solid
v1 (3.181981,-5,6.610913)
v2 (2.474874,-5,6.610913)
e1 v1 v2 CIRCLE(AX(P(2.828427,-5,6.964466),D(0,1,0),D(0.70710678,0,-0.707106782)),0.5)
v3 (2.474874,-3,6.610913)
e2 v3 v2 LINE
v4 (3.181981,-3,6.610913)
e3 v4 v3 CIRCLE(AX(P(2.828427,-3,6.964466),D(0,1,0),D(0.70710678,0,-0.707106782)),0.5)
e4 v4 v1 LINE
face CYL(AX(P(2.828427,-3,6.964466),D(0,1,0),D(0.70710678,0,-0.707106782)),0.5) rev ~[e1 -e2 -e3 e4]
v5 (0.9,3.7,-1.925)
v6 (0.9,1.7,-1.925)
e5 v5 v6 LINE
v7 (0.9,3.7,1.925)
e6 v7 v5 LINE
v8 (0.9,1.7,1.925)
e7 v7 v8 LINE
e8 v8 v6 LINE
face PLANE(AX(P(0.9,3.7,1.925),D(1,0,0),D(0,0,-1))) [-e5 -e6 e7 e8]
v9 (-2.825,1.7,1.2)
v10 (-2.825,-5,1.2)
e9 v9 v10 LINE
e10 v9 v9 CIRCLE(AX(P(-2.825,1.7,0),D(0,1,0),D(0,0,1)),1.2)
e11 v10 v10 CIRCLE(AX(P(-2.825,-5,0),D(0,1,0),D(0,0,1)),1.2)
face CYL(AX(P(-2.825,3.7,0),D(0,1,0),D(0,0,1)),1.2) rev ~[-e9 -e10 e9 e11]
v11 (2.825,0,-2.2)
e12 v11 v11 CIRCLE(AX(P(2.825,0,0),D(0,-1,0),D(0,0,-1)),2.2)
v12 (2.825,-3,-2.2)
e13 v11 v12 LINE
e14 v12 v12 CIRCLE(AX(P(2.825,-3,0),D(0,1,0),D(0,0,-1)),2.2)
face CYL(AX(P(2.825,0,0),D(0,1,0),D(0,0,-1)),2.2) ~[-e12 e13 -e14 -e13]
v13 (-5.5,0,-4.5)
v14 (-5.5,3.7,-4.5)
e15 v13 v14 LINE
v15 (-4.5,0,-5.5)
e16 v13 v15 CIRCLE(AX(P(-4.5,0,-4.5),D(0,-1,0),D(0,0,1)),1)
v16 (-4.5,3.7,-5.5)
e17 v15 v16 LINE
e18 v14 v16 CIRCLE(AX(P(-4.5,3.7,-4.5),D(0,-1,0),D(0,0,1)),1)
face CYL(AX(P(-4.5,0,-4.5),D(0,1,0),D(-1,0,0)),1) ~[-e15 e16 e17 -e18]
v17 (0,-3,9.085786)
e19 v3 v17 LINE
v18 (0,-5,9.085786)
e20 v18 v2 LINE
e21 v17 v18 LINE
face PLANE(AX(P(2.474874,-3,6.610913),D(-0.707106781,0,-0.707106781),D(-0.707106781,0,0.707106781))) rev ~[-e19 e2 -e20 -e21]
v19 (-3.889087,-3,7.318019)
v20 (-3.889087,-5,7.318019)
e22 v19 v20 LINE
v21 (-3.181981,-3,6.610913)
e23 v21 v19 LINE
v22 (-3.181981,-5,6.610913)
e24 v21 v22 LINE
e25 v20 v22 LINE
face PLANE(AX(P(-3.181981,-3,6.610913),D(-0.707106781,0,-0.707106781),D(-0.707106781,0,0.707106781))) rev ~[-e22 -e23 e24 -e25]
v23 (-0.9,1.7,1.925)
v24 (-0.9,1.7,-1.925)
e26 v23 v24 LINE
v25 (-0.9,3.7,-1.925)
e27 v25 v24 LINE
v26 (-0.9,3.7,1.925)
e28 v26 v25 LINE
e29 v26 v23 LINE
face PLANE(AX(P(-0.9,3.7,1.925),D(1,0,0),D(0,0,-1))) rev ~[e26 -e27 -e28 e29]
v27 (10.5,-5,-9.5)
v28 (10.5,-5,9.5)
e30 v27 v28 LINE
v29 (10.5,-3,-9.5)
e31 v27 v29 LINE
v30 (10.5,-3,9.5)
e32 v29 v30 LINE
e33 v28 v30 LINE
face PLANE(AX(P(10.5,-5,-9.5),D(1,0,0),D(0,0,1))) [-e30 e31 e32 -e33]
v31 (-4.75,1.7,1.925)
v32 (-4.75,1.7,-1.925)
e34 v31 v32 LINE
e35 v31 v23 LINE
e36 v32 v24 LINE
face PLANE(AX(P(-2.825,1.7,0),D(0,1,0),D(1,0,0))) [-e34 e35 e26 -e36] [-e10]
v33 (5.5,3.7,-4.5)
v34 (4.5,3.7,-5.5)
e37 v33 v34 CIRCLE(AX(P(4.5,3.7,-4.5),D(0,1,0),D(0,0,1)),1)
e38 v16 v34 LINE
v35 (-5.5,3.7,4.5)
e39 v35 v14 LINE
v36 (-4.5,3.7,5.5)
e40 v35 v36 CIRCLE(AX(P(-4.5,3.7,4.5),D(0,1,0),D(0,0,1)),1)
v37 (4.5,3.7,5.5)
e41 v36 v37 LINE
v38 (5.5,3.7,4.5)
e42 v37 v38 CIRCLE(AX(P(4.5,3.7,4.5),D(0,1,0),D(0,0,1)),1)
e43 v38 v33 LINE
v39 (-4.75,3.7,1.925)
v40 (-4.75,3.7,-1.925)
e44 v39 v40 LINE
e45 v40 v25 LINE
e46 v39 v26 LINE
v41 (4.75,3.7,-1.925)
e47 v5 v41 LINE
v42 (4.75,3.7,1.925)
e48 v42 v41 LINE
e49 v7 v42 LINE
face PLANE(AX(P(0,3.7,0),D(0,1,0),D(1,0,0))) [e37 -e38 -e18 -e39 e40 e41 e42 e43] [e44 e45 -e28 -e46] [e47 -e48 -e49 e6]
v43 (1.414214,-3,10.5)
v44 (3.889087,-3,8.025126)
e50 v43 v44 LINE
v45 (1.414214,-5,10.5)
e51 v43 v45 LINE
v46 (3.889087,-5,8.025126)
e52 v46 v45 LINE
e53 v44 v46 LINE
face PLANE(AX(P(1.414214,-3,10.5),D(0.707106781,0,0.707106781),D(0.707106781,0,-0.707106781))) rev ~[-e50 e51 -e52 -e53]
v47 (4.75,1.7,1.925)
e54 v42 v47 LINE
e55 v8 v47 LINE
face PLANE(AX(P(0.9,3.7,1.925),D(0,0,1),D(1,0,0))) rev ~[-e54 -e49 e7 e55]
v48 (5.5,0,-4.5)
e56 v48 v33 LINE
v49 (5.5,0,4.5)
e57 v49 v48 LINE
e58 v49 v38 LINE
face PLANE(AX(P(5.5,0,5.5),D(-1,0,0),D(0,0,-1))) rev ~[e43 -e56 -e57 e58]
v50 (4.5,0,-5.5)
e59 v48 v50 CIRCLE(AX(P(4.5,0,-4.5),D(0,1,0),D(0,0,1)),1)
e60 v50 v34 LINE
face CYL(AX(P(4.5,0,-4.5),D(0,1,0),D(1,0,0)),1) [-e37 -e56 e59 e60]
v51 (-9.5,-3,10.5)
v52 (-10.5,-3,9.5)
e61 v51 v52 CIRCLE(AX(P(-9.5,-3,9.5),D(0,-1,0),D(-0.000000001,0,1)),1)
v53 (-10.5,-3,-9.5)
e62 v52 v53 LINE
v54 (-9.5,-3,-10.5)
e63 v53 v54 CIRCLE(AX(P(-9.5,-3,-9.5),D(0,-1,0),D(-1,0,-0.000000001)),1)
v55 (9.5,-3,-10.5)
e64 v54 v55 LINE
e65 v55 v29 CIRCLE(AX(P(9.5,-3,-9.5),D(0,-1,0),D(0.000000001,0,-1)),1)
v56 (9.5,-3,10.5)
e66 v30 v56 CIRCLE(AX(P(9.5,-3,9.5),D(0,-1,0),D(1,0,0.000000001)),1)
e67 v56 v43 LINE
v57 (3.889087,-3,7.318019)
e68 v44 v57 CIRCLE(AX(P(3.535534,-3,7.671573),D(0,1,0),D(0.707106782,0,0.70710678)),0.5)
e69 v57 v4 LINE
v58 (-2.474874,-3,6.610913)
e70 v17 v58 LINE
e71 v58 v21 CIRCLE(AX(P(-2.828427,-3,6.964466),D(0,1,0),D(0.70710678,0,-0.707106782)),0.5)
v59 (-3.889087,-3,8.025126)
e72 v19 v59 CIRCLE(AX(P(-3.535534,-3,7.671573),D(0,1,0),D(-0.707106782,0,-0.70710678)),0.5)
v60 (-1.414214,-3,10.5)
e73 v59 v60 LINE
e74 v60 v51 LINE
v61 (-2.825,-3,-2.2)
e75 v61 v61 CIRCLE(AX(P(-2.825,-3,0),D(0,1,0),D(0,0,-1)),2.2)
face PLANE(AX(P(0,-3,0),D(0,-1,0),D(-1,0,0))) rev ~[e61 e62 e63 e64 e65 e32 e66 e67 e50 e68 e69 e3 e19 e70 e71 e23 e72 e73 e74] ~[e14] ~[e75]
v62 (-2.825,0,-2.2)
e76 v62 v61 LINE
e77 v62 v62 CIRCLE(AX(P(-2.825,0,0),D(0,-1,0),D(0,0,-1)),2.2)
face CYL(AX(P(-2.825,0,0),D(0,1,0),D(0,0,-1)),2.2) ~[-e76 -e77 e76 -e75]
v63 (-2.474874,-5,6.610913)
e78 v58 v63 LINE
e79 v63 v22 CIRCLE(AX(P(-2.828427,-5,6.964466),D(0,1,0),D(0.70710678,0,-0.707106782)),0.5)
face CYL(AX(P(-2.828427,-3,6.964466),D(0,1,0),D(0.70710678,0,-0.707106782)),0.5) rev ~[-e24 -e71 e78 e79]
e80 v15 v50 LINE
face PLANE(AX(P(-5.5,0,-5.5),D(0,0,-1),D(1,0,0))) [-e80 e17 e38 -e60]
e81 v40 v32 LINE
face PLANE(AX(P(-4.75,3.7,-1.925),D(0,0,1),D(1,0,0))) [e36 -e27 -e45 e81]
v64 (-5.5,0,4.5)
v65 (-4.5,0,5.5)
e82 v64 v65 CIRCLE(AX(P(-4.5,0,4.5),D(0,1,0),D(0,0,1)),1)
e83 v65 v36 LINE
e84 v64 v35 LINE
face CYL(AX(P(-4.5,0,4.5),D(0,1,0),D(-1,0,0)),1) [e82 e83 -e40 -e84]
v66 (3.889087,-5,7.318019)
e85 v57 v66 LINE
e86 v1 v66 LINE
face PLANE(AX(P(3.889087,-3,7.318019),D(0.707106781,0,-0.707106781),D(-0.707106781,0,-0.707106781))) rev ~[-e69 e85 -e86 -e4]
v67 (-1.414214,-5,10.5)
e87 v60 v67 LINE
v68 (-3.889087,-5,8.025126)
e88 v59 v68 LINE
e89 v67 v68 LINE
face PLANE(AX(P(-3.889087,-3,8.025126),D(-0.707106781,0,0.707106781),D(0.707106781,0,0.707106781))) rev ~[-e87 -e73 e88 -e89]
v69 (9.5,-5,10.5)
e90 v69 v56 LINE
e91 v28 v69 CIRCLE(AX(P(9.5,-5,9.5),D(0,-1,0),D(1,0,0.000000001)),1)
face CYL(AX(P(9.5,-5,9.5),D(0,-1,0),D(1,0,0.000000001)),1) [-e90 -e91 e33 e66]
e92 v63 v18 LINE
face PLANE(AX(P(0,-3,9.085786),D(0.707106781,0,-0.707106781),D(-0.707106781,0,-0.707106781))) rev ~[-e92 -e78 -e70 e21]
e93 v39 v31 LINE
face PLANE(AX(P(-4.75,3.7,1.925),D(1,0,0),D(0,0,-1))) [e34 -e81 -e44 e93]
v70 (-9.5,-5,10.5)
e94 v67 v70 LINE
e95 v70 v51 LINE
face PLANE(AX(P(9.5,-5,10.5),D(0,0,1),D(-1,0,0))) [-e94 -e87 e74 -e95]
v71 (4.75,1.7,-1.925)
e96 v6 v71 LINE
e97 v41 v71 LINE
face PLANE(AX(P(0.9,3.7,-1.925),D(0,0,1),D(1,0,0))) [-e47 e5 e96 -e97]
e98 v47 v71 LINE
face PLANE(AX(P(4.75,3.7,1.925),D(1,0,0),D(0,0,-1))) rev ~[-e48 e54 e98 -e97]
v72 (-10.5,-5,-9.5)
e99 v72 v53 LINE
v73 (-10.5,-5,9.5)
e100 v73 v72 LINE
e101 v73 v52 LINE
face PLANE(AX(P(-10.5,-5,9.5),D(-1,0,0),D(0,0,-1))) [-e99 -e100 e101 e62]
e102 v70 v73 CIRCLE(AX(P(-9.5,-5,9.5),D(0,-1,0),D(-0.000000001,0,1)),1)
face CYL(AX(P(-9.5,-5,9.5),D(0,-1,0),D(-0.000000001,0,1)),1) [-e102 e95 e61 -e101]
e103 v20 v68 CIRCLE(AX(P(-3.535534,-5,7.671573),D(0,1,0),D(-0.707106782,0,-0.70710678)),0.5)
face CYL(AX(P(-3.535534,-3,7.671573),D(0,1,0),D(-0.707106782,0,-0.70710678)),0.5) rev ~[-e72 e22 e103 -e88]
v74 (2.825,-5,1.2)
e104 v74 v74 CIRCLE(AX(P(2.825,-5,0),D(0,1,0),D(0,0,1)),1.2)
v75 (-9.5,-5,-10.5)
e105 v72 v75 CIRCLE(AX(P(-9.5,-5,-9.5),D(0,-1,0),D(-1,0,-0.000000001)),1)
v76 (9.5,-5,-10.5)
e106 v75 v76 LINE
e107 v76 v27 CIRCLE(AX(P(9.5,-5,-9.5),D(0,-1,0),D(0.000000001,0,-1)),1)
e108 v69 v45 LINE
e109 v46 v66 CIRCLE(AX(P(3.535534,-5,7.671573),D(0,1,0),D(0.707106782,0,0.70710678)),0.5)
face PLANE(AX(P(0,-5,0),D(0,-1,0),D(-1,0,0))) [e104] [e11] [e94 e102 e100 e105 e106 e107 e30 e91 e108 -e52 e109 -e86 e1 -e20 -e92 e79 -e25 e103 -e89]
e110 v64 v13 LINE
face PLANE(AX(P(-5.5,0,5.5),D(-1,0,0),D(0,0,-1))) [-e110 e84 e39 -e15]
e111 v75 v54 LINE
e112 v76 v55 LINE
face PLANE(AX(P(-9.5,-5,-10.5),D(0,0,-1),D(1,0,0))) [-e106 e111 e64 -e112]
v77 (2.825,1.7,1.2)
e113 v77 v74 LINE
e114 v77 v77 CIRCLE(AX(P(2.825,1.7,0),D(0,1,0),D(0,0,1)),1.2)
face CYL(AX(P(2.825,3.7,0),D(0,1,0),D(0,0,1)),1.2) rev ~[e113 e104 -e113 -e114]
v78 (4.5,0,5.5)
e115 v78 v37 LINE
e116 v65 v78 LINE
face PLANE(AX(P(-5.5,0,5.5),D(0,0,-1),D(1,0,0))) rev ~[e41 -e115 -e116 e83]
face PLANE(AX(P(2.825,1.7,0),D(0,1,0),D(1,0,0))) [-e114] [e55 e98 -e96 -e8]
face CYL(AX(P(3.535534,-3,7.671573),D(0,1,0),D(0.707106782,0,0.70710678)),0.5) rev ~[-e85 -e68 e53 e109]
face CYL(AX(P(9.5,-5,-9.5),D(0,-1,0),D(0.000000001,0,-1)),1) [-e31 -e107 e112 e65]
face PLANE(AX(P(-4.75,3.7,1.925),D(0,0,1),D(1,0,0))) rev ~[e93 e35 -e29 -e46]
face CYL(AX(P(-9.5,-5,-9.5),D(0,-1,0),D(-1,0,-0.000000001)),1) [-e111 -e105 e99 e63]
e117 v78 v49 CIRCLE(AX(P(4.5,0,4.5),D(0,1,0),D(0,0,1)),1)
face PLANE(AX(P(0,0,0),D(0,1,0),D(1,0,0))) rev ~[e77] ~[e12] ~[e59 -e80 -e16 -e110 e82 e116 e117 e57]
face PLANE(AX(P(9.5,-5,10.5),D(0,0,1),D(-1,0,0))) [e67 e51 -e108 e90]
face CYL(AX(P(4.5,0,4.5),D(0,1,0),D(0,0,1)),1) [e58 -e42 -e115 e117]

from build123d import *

# Parameters (mm, degrees)
SKETCH1_W           = 11
SKETCH1_H           = 11
BOSS_EXTRUDE1_DEPTH = 3.7
FILLET1_R           = 1
SKETCH2_W           = 3.85
SKETCH2_H           = 3.85
CUT_EXTRUDE1_DEPTH  = 2
SKETCH4_R           = 2.2
BOSS_EXTRUDE2_DEPTH = 5
BOSS_EXTRUDE3_DEPTH = 2
SKETCH3_R           = 1.2
CUT_EXTRUDE2_DEPTH  = 18.210171411
CUT_EXTRUDE3_DEPTH  = 17.290794947


with BuildPart() as part:
    # Sketch1 → Boss-Extrude1 (new body)
    with BuildSketch(Plane(origin=(0, 0, 0), x_dir=(1, 0, 0), z_dir=(0, 1, 0))):
        Rectangle(SKETCH1_W, SKETCH1_H)
    extrude(amount=BOSS_EXTRUDE1_DEPTH)

    # Fillet1
    fillet1_edges = [part.edges().sort_by_distance(p)[0] for p in [
        (5.5, 1.85, 5.5),
        (-5.5, 1.85, 5.5),
        (-5.5, 1.85, -5.5),
        (5.5, 1.85, -5.5),
    ]]
    fillet(fillet1_edges, radius=FILLET1_R)

    # Sketch2 → Cut-Extrude1 (cut)
    with BuildSketch(Plane(origin=(0, 3.7, 0), x_dir=(1, 0, 0), z_dir=(0, 1, 0))):
        with Locations((-2.825, 0)):
            Rectangle(SKETCH2_W, SKETCH2_H)
        with Locations((2.825, 0)):
            Rectangle(SKETCH2_W, SKETCH2_H)
    extrude(amount=-CUT_EXTRUDE1_DEPTH, mode=Mode.SUBTRACT)

    # Sketch4 → Boss-Extrude2 (add)
    with BuildSketch(Plane(origin=(0, 0, 0), x_dir=(-1, 0, 0), z_dir=(0, -1, 0))):
        with Locations(Location((2.825, 0, 0), (0, 0, 90))):
            Circle(SKETCH4_R)
        with Locations(Location((-2.825, 0, 0), (0, 0, 90))):
            Circle(SKETCH4_R)
    extrude(amount=BOSS_EXTRUDE2_DEPTH)

    # Sketch5 → Boss-Extrude3 (add)
    with BuildSketch(Plane(origin=(0, -5, 0), x_dir=(-1, 0, 0), z_dir=(0, -1, 0))):
        with BuildLine():
            Line((9.5, 10.5), (-9.5, 10.5))
            ThreePointArc((-9.5, 10.5), (-10.207106781, 10.207106781), (-10.5, 9.5))
            Line((-10.5, 9.5), (-10.5, -9.5))
            ThreePointArc((-10.5, -9.5), (-10.207106781, -10.207106781), (-9.5, -10.5))
            Line((-9.5, -10.5), (9.5, -10.5))
            ThreePointArc((9.5, -10.5), (10.207106781, -10.207106781), (10.5, -9.5))
            Line((10.5, -9.5), (10.5, 9.5))
            ThreePointArc((10.5, 9.5), (10.207106781, 10.207106781), (9.5, 10.5))
        make_face()
    extrude(amount=-BOSS_EXTRUDE3_DEPTH)

    # Sketch3 → Cut-Extrude2 (cut, through all)
    with BuildSketch(Plane(origin=(0, 3.7, 0), x_dir=(1, 0, 0), z_dir=(0, 1, 0))):
        with Locations(Location((-2.825, 0, 0), (0, 0, 270))):
            Circle(SKETCH3_R)
        with Locations(Location((2.825, 0, 0), (0, 0, 270))):
            Circle(SKETCH3_R)
    extrude(amount=-CUT_EXTRUDE2_DEPTH, mode=Mode.SUBTRACT)

    # Sketch7 → Cut-Extrude3 (cut, through all)
    with BuildSketch(Plane(origin=(0, -3, 0), x_dir=(1, 0, 0), z_dir=(0, 1, 0))):
        with BuildLine():
            Line((0, -9.085786438), (1.414213562, -10.5))
            Line((1.414213562, -10.5), (3.889087297, -8.025126266))
            ThreePointArc((3.889087297, -8.025126266), (4.035533906, -7.671572875), (3.889087297, -7.318019485))
            Line((3.889087297, -7.318019485), (3.181980515, -6.610912703))
            ThreePointArc((3.181980515, -6.610912703), (2.828427125, -6.464466094), (2.474873734, -6.610912703))
            Line((2.474873734, -6.610912703), (0, -9.085786438))
        make_face()
        with BuildLine():
            Line((-3.889087297, -8.025126266), (-1.414213562, -10.5))
            Line((-1.414213562, -10.5), (0, -9.085786438))
            Line((0, -9.085786438), (-2.474873734, -6.610912703))
            ThreePointArc((-2.474873734, -6.610912703), (-2.828427125, -6.464466094), (-3.181980515, -6.610912703))
            Line((-3.181980515, -6.610912703), (-3.889087297, -7.318019485))
            ThreePointArc((-3.889087297, -7.318019485), (-4.035533906, -7.671572875), (-3.889087297, -8.025126266))
        make_face()
        Polygon((-1.414213562, -10.5), (1.414213562, -10.5), (0, -9.085786438), align=None)
    extrude(amount=-CUT_EXTRUDE3_DEPTH, mode=Mode.SUBTRACT)


solid = part.part
